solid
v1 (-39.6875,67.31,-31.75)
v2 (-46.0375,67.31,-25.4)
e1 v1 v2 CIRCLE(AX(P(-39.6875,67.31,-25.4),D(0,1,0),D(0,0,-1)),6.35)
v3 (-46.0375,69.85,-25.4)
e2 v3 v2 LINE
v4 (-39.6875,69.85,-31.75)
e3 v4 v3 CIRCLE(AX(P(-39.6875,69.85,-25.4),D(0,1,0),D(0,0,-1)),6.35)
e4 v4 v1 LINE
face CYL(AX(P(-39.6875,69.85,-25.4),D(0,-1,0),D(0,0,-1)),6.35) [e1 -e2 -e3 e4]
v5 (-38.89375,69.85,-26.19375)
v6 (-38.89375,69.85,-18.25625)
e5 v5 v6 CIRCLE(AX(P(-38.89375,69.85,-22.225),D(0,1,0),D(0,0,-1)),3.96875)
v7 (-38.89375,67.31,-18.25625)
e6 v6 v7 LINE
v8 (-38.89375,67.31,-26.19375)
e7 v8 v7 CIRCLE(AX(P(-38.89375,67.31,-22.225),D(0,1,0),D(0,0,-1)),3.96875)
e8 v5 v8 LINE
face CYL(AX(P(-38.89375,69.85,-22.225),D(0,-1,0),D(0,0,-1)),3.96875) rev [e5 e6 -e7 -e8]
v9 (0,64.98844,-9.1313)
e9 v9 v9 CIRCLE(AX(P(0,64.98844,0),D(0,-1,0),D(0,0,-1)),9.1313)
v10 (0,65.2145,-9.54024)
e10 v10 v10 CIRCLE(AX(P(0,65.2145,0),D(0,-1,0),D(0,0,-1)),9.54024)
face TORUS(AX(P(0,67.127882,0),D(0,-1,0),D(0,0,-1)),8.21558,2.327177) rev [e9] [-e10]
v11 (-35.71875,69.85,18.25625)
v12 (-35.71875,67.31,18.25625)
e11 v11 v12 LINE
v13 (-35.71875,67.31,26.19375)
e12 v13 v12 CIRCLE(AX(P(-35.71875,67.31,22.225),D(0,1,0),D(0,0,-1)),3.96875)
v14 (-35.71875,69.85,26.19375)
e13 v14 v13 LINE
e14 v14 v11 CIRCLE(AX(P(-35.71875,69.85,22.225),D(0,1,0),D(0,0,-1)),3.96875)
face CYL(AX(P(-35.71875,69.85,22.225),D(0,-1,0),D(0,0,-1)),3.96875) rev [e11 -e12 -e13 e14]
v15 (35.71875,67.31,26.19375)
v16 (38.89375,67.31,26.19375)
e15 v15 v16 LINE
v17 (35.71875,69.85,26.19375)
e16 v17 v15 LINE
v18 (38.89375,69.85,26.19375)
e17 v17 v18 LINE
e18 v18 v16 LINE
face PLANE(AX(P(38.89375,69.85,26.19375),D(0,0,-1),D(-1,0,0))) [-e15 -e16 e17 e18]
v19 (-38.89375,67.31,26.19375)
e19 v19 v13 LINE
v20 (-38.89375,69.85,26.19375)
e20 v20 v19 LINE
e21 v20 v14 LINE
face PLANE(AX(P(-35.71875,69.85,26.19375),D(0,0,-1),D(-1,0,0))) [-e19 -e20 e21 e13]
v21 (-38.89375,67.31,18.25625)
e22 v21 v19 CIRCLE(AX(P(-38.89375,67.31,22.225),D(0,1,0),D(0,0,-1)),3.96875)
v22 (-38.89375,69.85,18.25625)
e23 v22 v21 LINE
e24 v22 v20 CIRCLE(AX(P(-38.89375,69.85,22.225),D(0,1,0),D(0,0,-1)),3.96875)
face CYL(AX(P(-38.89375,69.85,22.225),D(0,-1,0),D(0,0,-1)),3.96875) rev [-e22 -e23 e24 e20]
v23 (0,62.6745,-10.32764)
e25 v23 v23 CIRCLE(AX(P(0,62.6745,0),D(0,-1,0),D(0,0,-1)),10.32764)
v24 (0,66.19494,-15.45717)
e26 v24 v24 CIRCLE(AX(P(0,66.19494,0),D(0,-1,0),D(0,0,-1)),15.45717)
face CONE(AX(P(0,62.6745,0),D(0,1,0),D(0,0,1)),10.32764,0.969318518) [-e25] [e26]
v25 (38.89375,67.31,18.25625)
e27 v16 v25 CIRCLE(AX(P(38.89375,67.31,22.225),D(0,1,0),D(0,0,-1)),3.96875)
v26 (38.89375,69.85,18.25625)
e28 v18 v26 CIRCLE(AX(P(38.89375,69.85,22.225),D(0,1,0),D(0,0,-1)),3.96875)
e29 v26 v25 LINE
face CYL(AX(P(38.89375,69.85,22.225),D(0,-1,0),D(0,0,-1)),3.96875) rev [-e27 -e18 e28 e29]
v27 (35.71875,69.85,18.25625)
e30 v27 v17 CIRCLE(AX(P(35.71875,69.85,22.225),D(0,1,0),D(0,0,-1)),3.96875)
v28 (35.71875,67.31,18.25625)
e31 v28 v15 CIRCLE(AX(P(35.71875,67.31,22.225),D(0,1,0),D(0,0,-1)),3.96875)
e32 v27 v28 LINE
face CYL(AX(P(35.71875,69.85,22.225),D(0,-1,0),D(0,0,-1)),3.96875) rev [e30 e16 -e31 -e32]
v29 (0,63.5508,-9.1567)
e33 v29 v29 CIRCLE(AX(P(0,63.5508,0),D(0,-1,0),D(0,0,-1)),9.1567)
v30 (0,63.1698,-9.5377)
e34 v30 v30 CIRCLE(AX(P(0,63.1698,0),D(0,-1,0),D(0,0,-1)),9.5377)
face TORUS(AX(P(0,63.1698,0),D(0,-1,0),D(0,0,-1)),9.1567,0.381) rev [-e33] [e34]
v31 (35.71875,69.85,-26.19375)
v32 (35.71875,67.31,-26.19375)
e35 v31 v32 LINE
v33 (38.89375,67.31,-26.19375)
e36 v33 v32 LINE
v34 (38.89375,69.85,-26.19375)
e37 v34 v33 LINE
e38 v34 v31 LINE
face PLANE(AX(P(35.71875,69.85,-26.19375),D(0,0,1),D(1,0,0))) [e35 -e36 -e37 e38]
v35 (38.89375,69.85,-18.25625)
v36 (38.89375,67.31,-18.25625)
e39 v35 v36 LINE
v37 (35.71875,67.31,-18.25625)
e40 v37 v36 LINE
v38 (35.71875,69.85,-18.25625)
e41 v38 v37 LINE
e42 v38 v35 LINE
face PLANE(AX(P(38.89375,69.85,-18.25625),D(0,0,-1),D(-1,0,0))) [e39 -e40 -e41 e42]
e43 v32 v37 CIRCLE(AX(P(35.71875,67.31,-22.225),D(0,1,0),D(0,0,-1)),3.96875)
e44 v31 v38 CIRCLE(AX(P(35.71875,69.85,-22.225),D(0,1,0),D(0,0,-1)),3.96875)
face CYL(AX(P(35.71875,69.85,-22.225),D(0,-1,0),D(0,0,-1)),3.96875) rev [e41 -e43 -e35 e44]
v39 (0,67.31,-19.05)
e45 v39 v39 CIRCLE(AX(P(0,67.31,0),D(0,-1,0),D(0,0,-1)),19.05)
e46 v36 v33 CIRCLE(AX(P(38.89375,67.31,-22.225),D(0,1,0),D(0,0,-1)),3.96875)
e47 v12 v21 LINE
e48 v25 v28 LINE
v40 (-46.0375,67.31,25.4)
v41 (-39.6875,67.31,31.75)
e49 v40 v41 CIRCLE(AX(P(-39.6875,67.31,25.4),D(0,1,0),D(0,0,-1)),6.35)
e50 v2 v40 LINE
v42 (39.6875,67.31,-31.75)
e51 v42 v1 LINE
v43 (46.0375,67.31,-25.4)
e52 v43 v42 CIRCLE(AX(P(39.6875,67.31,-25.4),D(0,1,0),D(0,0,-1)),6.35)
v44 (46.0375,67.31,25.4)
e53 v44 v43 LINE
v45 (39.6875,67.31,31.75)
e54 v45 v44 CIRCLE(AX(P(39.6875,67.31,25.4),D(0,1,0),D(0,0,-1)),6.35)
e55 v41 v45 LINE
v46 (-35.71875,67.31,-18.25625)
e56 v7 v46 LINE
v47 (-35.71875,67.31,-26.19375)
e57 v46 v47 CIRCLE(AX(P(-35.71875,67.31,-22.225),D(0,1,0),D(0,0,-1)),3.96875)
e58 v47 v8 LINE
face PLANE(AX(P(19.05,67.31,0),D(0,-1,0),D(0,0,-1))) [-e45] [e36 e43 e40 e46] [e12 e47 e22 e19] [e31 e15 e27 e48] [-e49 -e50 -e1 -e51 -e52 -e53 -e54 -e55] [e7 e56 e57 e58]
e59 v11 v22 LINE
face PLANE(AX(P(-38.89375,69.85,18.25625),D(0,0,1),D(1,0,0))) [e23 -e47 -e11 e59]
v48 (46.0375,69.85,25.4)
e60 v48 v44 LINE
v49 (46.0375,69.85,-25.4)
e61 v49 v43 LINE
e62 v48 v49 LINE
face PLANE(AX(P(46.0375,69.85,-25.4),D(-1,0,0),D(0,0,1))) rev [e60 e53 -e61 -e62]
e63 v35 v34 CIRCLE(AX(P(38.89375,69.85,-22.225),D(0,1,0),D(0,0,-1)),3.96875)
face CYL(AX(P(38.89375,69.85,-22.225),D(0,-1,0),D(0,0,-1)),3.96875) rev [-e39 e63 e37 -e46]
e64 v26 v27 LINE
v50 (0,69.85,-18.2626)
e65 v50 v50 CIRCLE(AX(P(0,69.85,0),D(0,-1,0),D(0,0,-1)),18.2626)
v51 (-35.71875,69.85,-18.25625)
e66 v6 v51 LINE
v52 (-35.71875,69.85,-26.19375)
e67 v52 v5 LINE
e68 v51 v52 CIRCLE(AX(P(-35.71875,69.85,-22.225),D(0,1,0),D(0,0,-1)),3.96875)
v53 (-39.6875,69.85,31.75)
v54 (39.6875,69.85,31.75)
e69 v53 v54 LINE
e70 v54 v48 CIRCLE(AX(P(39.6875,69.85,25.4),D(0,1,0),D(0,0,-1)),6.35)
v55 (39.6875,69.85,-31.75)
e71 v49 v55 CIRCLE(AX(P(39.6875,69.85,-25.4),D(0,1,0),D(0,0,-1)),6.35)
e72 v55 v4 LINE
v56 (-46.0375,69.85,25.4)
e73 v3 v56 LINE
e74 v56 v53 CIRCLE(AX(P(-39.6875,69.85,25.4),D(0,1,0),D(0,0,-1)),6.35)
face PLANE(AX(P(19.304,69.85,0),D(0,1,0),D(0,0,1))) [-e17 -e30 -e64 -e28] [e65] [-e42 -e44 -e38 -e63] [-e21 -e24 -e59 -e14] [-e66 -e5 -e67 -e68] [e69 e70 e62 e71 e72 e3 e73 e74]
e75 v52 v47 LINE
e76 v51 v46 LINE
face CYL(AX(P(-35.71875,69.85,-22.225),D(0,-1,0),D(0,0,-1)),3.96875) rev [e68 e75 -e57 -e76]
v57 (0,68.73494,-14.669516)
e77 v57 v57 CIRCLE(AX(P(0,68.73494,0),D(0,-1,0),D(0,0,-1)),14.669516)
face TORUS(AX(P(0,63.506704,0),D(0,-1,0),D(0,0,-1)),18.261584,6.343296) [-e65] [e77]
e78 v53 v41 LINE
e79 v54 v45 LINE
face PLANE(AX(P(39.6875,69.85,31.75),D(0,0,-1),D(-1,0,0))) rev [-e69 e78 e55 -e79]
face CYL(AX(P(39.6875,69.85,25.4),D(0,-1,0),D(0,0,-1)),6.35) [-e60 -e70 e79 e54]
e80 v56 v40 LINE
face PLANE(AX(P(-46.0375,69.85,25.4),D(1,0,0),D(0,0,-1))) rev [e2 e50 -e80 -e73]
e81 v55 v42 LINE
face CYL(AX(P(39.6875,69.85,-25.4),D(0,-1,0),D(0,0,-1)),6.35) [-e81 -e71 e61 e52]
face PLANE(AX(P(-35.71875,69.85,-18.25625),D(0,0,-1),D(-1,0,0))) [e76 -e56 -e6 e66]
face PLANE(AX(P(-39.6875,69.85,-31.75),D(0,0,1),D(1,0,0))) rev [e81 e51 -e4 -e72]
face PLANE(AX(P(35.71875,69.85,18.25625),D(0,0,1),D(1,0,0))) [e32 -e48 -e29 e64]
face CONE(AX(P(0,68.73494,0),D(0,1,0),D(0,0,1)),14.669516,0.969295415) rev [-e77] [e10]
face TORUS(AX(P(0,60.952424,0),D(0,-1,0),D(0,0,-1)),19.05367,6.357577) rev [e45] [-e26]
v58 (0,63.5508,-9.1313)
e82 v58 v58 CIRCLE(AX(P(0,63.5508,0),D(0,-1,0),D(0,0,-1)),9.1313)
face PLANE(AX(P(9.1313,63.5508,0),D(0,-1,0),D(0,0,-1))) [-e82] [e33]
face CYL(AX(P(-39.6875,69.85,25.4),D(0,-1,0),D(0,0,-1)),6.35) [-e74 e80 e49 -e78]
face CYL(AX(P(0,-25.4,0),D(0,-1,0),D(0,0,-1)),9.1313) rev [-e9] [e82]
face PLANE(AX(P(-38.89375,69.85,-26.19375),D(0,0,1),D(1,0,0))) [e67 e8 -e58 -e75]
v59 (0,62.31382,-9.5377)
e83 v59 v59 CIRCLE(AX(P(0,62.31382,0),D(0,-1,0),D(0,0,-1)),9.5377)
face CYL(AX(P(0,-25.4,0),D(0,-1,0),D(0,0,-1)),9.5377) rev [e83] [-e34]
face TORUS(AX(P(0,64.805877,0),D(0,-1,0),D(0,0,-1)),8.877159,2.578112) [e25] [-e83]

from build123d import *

# Parameters (mm, degrees)
SK_PLATE_OUTLINE_SLOTS_R = 19.05
EXT_PLATE_DEPTH          = 2.54


with BuildPart() as part:
    # Sk_pressed_centre → Rev_pressed_centre (revolve)
    with BuildSketch(Plane.XY, mode=Mode.PRIVATE) as rev_pressed_centre_sk:
        with BuildLine():
            Line((19.304, 69.85), (18.2626, 69.85))
            ThreePointArc((18.2626, 69.85), (16.381490046, 69.564975304), (14.669516, 68.73494))
            Line((14.669516, 68.73494), (9.54024, 65.2145))
            ThreePointArc((9.54024, 65.2145), (9.341458064, 65.091180356), (9.1313, 64.98844))
            Line((9.1313, 64.98844), (9.1313, 63.5508))
            Line((9.1313, 63.5508), (9.1567, 63.5508))
            ThreePointArc((9.1567, 63.5508), (9.426107684, 63.439207684), (9.5377, 63.1698))
            Line((9.5377, 63.1698), (9.5377, 62.31382))
            ThreePointArc((9.5377, 62.31382), (9.947965238, 62.460661275), (10.32764, 62.6745))
            Line((10.32764, 62.6745), (15.45717, 66.19494))
            ThreePointArc((15.45717, 66.19494), (17.169221611, 67.02429691), (19.05, 67.31))
            Line((19.05, 67.31), (19.304, 67.31))
            Line((19.304, 67.31), (19.304, 69.85))
        make_face()
    revolve(rev_pressed_centre_sk.sketch.rotate(Axis((0, -25.4, 0), (0, 1, 0)), 90), axis=Axis((0, -25.4, 0), (0, 1, 0)))

    # Sk_plate_outline_slots → Ext_plate (add)
    with BuildSketch(Plane(origin=(0, 67.31, 0), x_dir=(1, 0, 0), z_dir=(0, 1, 0))):
        with BuildLine():
            Line((-39.6875, 31.75), (39.6875, 31.75))
            ThreePointArc((39.6875, 31.75), (44.177628061, 29.890128061), (46.0375, 25.4))
            Line((46.0375, 25.4), (46.0375, -25.4))
            ThreePointArc((46.0375, -25.4), (44.177628061, -29.890128061), (39.6875, -31.75))
            Line((39.6875, -31.75), (-39.6875, -31.75))
            ThreePointArc((-39.6875, -31.75), (-44.177628061, -29.890128061), (-46.0375, -25.4))
            Line((-46.0375, -25.4), (-46.0375, 25.4))
            ThreePointArc((-46.0375, 25.4), (-44.177628061, 29.890128061), (-39.6875, 31.75))
        make_face()
        Circle(SK_PLATE_OUTLINE_SLOTS_R, mode=Mode.SUBTRACT)
        with BuildLine():
            Line((-38.89375, 26.19375), (-35.71875, 26.19375))
            ThreePointArc((-35.71875, 26.19375), (-31.75, 22.225), (-35.71875, 18.25625))
            Line((-35.71875, 18.25625), (-38.89375, 18.25625))
            ThreePointArc((-38.89375, 18.25625), (-42.8625, 22.225), (-38.89375, 26.19375))
        make_face(mode=Mode.SUBTRACT)
        with BuildLine():
            Line((-38.89375, -18.25625), (-35.71875, -18.25625))
            ThreePointArc((-35.71875, -18.25625), (-31.75, -22.225), (-35.71875, -26.19375))
            Line((-35.71875, -26.19375), (-38.89375, -26.19375))
            ThreePointArc((-38.89375, -26.19375), (-42.8625, -22.225), (-38.89375, -18.25625))
        make_face(mode=Mode.SUBTRACT)
        with BuildLine():
            Line((35.71875, 26.19375), (38.89375, 26.19375))
            ThreePointArc((38.89375, 26.19375), (42.8625, 22.225), (38.89375, 18.25625))
            Line((38.89375, 18.25625), (35.71875, 18.25625))
            ThreePointArc((35.71875, 18.25625), (31.75, 22.225), (35.71875, 26.19375))
        make_face(mode=Mode.SUBTRACT)
        with BuildLine():
            Line((35.71875, -18.25625), (38.89375, -18.25625))
            ThreePointArc((38.89375, -18.25625), (42.8625, -22.225), (38.89375, -26.19375))
            Line((38.89375, -26.19375), (35.71875, -26.19375))
            ThreePointArc((35.71875, -26.19375), (31.75, -22.225), (35.71875, -18.25625))
        make_face(mode=Mode.SUBTRACT)
    extrude(amount=EXT_PLATE_DEPTH)


solid = part.part
